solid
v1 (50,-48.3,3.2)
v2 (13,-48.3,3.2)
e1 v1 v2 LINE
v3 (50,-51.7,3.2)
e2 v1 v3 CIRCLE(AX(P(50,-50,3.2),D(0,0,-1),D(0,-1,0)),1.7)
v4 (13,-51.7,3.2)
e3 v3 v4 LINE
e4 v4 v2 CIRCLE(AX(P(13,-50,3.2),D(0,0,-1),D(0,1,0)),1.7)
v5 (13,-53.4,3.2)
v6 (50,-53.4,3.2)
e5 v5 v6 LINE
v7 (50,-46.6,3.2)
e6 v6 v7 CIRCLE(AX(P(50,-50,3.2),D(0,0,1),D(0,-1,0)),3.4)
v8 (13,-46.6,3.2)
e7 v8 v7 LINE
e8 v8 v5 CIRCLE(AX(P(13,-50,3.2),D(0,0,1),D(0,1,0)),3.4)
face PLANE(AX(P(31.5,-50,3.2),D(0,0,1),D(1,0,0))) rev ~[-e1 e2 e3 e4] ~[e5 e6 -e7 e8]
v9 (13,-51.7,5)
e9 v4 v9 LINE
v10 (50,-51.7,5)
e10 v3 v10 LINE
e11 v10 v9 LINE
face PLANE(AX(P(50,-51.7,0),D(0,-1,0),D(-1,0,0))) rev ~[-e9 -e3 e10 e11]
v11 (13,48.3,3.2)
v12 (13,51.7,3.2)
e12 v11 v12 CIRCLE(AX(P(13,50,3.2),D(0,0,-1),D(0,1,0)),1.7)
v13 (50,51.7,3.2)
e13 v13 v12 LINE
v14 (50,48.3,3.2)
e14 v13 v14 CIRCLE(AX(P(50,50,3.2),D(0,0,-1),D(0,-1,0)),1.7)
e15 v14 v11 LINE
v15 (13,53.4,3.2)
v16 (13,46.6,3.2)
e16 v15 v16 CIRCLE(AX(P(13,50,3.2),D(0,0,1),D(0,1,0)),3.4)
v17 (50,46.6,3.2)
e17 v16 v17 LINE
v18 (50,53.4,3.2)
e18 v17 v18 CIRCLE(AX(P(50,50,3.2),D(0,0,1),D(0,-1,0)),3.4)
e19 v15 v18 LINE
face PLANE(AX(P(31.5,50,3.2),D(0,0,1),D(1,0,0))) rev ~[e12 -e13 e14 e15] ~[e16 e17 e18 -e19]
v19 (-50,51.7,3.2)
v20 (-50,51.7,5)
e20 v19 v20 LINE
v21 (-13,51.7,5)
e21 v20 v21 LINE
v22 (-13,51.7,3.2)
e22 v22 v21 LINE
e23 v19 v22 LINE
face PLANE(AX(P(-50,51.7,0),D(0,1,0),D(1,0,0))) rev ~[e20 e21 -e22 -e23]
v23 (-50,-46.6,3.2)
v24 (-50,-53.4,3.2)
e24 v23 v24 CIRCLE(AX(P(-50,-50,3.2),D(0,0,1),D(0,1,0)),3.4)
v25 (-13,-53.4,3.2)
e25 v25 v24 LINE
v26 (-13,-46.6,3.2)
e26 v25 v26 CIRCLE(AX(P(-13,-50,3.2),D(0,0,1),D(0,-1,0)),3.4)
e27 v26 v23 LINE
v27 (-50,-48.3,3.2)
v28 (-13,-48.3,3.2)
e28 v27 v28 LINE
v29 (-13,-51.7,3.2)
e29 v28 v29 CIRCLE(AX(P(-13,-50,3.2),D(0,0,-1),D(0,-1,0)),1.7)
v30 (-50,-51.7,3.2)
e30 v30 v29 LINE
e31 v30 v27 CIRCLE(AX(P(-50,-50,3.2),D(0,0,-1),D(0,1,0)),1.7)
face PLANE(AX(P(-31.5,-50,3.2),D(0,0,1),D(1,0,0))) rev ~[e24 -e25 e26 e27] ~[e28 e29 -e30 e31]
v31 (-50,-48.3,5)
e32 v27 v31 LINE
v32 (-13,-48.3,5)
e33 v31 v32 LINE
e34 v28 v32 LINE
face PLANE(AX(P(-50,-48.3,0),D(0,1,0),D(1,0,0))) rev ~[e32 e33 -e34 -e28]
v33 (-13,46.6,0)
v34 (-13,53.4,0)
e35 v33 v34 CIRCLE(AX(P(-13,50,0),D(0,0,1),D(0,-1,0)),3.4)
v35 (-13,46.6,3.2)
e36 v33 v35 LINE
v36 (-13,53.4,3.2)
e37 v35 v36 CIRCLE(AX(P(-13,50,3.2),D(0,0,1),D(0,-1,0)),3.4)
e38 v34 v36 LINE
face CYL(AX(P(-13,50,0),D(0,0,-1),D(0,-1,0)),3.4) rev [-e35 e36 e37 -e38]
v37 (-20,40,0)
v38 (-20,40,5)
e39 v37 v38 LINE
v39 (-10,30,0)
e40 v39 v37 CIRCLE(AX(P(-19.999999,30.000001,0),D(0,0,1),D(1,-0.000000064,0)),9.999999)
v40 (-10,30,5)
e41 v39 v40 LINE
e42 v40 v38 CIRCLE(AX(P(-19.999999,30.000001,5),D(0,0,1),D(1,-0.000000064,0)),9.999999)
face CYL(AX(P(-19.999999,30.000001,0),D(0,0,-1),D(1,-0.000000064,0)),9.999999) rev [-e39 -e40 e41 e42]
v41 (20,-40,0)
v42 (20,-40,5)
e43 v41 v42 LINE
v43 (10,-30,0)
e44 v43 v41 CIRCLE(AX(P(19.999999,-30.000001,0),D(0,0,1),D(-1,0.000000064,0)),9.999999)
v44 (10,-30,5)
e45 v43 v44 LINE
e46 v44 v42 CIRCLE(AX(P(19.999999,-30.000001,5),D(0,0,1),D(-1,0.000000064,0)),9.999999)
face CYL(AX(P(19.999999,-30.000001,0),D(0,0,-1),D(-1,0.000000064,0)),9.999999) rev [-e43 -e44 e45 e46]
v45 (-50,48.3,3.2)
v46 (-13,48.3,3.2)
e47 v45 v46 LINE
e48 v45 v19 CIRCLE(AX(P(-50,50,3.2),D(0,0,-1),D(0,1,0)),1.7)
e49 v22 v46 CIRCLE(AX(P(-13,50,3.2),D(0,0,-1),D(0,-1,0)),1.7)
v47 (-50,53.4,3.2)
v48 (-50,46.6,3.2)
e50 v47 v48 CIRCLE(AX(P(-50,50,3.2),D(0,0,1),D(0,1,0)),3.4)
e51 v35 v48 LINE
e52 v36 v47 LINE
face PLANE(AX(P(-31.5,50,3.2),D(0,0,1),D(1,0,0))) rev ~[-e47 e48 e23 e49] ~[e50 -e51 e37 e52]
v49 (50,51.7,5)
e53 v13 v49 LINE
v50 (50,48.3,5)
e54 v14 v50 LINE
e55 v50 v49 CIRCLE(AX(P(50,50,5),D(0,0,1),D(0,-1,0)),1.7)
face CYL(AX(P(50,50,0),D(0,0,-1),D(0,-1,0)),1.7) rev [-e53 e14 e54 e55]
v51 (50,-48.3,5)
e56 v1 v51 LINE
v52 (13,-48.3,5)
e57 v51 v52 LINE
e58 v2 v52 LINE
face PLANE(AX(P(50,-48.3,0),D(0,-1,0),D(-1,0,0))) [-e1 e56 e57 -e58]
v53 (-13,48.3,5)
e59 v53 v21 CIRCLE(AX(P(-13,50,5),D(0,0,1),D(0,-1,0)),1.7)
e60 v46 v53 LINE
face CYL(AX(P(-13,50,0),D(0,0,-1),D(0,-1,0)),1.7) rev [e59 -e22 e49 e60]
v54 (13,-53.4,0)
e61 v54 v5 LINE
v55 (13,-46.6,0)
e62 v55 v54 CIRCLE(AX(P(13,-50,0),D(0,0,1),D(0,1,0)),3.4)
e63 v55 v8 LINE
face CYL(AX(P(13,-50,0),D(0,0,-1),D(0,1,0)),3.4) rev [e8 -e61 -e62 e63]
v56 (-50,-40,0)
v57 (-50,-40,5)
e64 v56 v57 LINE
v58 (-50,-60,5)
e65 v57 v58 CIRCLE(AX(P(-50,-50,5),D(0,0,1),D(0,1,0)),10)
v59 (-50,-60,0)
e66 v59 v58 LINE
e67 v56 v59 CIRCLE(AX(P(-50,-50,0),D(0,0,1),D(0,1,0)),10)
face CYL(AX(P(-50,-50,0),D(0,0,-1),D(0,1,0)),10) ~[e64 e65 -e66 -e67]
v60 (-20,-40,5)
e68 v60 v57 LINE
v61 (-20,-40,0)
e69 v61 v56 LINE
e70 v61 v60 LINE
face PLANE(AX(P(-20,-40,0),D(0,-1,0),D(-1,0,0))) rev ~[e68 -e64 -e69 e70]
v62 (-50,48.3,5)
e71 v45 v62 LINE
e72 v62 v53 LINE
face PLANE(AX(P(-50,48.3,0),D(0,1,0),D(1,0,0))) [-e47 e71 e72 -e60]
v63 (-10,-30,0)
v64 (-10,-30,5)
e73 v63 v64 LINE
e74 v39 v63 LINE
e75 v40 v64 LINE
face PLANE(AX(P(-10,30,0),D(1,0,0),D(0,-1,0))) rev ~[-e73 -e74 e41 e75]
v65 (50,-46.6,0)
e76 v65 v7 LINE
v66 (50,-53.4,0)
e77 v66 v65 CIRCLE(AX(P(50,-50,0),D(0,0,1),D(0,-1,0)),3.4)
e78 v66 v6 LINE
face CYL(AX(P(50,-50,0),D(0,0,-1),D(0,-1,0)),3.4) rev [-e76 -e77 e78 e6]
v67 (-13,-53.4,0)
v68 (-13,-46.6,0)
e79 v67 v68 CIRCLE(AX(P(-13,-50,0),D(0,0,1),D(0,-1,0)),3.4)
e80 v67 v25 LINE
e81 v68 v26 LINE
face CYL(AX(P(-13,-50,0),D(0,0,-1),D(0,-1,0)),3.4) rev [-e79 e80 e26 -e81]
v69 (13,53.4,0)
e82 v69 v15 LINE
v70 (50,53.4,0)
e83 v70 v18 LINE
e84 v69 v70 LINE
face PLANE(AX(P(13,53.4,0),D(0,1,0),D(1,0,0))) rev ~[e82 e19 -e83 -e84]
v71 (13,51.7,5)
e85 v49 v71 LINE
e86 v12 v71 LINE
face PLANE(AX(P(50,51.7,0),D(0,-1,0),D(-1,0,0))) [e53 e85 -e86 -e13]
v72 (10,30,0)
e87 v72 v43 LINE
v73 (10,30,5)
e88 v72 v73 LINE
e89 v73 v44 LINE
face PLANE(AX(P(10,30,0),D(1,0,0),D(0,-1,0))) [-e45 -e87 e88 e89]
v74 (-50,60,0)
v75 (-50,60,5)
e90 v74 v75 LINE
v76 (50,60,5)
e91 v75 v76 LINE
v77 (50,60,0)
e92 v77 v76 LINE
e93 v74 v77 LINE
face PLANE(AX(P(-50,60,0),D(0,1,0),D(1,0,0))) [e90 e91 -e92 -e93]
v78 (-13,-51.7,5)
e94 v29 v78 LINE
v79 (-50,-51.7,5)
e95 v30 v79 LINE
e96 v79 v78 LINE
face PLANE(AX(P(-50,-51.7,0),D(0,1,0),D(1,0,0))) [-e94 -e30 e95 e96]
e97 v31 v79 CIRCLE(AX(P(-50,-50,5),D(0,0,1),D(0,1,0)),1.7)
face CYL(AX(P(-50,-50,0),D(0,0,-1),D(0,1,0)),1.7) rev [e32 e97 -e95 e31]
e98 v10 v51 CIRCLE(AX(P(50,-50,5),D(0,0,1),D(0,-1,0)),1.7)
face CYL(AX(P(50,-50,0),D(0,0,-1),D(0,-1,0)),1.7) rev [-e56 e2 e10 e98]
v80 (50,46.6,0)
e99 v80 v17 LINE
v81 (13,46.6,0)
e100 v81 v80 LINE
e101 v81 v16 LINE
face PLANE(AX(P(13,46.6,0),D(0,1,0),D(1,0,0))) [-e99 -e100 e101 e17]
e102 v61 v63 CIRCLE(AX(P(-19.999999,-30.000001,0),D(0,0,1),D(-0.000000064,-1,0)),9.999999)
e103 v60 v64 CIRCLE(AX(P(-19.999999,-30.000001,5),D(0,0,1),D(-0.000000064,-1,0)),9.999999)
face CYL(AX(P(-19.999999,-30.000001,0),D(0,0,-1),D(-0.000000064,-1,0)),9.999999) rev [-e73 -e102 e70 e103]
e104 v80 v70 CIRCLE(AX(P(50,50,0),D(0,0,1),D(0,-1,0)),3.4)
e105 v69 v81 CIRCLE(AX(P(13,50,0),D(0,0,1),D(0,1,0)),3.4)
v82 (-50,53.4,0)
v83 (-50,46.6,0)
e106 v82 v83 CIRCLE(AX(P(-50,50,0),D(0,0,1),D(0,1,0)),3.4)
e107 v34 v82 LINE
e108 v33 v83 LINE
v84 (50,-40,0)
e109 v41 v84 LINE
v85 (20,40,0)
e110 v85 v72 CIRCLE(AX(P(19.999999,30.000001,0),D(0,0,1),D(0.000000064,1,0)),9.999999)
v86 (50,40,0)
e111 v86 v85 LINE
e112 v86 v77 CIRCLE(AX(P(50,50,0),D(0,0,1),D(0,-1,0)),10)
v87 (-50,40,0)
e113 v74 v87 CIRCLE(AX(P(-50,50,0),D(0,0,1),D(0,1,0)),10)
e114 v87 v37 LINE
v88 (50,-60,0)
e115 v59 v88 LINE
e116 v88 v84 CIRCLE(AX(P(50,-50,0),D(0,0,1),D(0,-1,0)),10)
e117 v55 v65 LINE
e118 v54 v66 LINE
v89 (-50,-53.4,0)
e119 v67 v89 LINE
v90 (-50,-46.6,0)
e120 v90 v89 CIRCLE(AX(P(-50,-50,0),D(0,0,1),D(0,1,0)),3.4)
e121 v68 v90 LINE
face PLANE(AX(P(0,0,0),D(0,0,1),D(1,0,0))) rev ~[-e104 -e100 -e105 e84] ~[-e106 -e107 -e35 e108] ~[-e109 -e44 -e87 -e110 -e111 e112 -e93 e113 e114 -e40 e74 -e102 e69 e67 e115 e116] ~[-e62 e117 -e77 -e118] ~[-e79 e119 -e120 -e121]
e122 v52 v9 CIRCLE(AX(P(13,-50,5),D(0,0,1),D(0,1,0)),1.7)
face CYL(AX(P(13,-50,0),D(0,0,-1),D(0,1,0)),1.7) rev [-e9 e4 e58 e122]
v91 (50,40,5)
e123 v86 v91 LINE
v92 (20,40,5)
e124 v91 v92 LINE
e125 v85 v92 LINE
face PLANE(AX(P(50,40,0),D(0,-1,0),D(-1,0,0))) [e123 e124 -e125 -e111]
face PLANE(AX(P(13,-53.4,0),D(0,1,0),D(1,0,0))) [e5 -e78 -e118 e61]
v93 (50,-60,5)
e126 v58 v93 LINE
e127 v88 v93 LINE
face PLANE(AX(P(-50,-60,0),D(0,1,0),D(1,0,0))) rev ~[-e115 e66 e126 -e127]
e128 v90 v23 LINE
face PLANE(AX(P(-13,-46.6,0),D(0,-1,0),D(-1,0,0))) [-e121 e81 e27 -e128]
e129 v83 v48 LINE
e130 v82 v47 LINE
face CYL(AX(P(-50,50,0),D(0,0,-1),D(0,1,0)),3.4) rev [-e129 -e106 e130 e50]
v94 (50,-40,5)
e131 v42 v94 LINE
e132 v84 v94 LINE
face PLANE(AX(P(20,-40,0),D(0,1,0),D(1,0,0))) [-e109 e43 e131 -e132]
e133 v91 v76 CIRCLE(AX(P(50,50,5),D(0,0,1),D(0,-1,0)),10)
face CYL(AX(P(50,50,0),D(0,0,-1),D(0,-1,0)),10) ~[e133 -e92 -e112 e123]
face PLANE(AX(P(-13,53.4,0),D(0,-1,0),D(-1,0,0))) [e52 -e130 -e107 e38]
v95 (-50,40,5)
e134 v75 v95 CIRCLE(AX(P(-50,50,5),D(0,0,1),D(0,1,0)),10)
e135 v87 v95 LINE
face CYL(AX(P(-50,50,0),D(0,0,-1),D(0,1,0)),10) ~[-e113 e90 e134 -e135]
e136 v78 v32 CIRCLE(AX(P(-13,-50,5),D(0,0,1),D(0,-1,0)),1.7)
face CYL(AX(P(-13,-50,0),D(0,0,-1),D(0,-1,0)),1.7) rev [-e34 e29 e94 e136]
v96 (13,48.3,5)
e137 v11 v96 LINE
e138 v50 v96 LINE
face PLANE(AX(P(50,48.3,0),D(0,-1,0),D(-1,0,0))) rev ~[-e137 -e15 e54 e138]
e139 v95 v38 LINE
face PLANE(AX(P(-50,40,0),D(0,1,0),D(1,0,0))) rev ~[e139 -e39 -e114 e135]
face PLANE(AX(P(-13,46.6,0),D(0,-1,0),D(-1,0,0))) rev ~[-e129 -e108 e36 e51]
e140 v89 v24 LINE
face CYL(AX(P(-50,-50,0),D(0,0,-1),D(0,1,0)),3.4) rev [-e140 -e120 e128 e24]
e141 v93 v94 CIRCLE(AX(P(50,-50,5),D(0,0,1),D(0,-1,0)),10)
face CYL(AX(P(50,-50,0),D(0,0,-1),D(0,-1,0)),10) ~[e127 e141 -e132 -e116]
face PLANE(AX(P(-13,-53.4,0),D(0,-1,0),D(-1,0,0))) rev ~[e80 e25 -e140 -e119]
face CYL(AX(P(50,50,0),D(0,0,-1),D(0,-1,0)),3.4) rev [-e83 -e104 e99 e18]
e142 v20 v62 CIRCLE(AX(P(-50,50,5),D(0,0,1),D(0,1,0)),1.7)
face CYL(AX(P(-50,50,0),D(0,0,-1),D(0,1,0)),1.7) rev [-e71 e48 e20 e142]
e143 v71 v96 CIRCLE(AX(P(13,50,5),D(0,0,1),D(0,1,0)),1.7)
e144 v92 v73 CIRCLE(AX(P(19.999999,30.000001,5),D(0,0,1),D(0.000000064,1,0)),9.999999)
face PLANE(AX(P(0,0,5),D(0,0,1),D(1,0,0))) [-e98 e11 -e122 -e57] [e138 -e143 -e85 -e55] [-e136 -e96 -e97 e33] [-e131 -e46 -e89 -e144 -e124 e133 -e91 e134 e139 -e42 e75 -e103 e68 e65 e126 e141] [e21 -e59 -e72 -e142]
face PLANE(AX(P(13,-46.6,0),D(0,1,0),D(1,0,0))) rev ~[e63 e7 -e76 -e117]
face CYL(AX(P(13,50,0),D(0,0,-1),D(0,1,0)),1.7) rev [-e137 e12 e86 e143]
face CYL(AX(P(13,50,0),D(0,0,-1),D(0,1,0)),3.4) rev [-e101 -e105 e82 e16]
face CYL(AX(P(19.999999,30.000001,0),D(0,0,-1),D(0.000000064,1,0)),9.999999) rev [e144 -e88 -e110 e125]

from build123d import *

# Parameters (mm, degrees)
PAD_DEPTH    = 5
POCKET_DEPTH = 3.2


with BuildPart() as part:
    # Sketch → Pad (new body)
    with BuildSketch(Plane.XY):
        with BuildLine():
            ThreePointArc((-50, -40), (-60, -50), (-50, -60))
            Line((-50, -60), (50, -60))
            ThreePointArc((50, -60), (60, -50), (50, -40))
            Line((20, -40), (50, -40))
            ThreePointArc((10, -30), (12.928932, -37.071068), (20, -40))
            Line((10, 30), (10, -30))
            ThreePointArc((20, 40), (12.928932, 37.071068), (10, 30))
            Line((50, 40), (20, 40))
            ThreePointArc((50, 40), (60, 50), (50, 60))
            Line((-50, 60), (50, 60))
            ThreePointArc((-50, 60), (-60, 50), (-50, 40))
            Line((-50, 40), (-20, 40))
            ThreePointArc((-10, 30), (-12.928932, 37.071068), (-20, 40))
            Line((-10, 30), (-10, -30))
            ThreePointArc((-20, -40), (-12.928932, -37.071068), (-10, -30))
            Line((-20, -40), (-50, -40))
        make_face()
        with BuildLine():
            ThreePointArc((-50, -48.3), (-51.7, -50), (-50, -51.7))
            Line((-50, -51.7), (-13, -51.7))
            ThreePointArc((-13, -51.7), (-11.3, -50), (-13, -48.3))
            Line((-50, -48.3), (-13, -48.3))
        make_face(mode=Mode.SUBTRACT)
        with BuildLine():
            ThreePointArc((50, -51.7), (51.7, -50), (50, -48.3))
            Line((50, -48.3), (13, -48.3))
            ThreePointArc((13, -48.3), (11.3, -50), (13, -51.7))
            Line((50, -51.7), (13, -51.7))
        make_face(mode=Mode.SUBTRACT)
        with BuildLine():
            ThreePointArc((-50, 51.7), (-51.7, 50), (-50, 48.3))
            Line((-50, 48.3), (-13, 48.3))
            ThreePointArc((-13, 48.3), (-11.3, 50), (-13, 51.7))
            Line((-50, 51.7), (-13, 51.7))
        make_face(mode=Mode.SUBTRACT)
        with BuildLine():
            ThreePointArc((50, 48.3), (51.7, 50), (50, 51.7))
            Line((50, 51.7), (13, 51.7))
            ThreePointArc((13, 51.7), (11.3, 50), (13, 48.3))
            Line((50, 48.3), (13, 48.3))
        make_face(mode=Mode.SUBTRACT)
    extrude(amount=PAD_DEPTH)

    # Sketch001 → Pocket (cut)
    with BuildSketch(Plane.XY):
        with BuildLine():
            ThreePointArc((-13, -53.4), (-9.6, -50), (-13, -46.6))
            Line((-13, -46.6), (-50, -46.6))
            ThreePointArc((-50, -46.6), (-53.4, -50), (-50, -53.4))
            Line((-13, -53.4), (-50, -53.4))
        make_face()
        with BuildLine():
            ThreePointArc((13, -46.6), (9.6, -50), (13, -53.4))
            Line((13, -53.4), (50, -53.4))
            ThreePointArc((50, -53.4), (53.4, -50), (50, -46.6))
            Line((13, -46.6), (50, -46.6))
        make_face()
        with BuildLine():
            ThreePointArc((-13, 46.6), (-9.6, 50), (-13, 53.4))
            Line((-13, 53.4), (-50, 53.4))
            ThreePointArc((-50, 53.4), (-53.4, 50), (-50, 46.6))
            Line((-13, 46.6), (-50, 46.6))
        make_face()
        with BuildLine():
            ThreePointArc((13, 53.4), (9.6, 50), (13, 46.6))
            Line((13, 46.6), (50, 46.6))
            ThreePointArc((50, 46.6), (53.4, 50), (50, 53.4))
            Line((13, 53.4), (50, 53.4))
        make_face()
    extrude(amount=POCKET_DEPTH, mode=Mode.SUBTRACT)


solid = part.part
